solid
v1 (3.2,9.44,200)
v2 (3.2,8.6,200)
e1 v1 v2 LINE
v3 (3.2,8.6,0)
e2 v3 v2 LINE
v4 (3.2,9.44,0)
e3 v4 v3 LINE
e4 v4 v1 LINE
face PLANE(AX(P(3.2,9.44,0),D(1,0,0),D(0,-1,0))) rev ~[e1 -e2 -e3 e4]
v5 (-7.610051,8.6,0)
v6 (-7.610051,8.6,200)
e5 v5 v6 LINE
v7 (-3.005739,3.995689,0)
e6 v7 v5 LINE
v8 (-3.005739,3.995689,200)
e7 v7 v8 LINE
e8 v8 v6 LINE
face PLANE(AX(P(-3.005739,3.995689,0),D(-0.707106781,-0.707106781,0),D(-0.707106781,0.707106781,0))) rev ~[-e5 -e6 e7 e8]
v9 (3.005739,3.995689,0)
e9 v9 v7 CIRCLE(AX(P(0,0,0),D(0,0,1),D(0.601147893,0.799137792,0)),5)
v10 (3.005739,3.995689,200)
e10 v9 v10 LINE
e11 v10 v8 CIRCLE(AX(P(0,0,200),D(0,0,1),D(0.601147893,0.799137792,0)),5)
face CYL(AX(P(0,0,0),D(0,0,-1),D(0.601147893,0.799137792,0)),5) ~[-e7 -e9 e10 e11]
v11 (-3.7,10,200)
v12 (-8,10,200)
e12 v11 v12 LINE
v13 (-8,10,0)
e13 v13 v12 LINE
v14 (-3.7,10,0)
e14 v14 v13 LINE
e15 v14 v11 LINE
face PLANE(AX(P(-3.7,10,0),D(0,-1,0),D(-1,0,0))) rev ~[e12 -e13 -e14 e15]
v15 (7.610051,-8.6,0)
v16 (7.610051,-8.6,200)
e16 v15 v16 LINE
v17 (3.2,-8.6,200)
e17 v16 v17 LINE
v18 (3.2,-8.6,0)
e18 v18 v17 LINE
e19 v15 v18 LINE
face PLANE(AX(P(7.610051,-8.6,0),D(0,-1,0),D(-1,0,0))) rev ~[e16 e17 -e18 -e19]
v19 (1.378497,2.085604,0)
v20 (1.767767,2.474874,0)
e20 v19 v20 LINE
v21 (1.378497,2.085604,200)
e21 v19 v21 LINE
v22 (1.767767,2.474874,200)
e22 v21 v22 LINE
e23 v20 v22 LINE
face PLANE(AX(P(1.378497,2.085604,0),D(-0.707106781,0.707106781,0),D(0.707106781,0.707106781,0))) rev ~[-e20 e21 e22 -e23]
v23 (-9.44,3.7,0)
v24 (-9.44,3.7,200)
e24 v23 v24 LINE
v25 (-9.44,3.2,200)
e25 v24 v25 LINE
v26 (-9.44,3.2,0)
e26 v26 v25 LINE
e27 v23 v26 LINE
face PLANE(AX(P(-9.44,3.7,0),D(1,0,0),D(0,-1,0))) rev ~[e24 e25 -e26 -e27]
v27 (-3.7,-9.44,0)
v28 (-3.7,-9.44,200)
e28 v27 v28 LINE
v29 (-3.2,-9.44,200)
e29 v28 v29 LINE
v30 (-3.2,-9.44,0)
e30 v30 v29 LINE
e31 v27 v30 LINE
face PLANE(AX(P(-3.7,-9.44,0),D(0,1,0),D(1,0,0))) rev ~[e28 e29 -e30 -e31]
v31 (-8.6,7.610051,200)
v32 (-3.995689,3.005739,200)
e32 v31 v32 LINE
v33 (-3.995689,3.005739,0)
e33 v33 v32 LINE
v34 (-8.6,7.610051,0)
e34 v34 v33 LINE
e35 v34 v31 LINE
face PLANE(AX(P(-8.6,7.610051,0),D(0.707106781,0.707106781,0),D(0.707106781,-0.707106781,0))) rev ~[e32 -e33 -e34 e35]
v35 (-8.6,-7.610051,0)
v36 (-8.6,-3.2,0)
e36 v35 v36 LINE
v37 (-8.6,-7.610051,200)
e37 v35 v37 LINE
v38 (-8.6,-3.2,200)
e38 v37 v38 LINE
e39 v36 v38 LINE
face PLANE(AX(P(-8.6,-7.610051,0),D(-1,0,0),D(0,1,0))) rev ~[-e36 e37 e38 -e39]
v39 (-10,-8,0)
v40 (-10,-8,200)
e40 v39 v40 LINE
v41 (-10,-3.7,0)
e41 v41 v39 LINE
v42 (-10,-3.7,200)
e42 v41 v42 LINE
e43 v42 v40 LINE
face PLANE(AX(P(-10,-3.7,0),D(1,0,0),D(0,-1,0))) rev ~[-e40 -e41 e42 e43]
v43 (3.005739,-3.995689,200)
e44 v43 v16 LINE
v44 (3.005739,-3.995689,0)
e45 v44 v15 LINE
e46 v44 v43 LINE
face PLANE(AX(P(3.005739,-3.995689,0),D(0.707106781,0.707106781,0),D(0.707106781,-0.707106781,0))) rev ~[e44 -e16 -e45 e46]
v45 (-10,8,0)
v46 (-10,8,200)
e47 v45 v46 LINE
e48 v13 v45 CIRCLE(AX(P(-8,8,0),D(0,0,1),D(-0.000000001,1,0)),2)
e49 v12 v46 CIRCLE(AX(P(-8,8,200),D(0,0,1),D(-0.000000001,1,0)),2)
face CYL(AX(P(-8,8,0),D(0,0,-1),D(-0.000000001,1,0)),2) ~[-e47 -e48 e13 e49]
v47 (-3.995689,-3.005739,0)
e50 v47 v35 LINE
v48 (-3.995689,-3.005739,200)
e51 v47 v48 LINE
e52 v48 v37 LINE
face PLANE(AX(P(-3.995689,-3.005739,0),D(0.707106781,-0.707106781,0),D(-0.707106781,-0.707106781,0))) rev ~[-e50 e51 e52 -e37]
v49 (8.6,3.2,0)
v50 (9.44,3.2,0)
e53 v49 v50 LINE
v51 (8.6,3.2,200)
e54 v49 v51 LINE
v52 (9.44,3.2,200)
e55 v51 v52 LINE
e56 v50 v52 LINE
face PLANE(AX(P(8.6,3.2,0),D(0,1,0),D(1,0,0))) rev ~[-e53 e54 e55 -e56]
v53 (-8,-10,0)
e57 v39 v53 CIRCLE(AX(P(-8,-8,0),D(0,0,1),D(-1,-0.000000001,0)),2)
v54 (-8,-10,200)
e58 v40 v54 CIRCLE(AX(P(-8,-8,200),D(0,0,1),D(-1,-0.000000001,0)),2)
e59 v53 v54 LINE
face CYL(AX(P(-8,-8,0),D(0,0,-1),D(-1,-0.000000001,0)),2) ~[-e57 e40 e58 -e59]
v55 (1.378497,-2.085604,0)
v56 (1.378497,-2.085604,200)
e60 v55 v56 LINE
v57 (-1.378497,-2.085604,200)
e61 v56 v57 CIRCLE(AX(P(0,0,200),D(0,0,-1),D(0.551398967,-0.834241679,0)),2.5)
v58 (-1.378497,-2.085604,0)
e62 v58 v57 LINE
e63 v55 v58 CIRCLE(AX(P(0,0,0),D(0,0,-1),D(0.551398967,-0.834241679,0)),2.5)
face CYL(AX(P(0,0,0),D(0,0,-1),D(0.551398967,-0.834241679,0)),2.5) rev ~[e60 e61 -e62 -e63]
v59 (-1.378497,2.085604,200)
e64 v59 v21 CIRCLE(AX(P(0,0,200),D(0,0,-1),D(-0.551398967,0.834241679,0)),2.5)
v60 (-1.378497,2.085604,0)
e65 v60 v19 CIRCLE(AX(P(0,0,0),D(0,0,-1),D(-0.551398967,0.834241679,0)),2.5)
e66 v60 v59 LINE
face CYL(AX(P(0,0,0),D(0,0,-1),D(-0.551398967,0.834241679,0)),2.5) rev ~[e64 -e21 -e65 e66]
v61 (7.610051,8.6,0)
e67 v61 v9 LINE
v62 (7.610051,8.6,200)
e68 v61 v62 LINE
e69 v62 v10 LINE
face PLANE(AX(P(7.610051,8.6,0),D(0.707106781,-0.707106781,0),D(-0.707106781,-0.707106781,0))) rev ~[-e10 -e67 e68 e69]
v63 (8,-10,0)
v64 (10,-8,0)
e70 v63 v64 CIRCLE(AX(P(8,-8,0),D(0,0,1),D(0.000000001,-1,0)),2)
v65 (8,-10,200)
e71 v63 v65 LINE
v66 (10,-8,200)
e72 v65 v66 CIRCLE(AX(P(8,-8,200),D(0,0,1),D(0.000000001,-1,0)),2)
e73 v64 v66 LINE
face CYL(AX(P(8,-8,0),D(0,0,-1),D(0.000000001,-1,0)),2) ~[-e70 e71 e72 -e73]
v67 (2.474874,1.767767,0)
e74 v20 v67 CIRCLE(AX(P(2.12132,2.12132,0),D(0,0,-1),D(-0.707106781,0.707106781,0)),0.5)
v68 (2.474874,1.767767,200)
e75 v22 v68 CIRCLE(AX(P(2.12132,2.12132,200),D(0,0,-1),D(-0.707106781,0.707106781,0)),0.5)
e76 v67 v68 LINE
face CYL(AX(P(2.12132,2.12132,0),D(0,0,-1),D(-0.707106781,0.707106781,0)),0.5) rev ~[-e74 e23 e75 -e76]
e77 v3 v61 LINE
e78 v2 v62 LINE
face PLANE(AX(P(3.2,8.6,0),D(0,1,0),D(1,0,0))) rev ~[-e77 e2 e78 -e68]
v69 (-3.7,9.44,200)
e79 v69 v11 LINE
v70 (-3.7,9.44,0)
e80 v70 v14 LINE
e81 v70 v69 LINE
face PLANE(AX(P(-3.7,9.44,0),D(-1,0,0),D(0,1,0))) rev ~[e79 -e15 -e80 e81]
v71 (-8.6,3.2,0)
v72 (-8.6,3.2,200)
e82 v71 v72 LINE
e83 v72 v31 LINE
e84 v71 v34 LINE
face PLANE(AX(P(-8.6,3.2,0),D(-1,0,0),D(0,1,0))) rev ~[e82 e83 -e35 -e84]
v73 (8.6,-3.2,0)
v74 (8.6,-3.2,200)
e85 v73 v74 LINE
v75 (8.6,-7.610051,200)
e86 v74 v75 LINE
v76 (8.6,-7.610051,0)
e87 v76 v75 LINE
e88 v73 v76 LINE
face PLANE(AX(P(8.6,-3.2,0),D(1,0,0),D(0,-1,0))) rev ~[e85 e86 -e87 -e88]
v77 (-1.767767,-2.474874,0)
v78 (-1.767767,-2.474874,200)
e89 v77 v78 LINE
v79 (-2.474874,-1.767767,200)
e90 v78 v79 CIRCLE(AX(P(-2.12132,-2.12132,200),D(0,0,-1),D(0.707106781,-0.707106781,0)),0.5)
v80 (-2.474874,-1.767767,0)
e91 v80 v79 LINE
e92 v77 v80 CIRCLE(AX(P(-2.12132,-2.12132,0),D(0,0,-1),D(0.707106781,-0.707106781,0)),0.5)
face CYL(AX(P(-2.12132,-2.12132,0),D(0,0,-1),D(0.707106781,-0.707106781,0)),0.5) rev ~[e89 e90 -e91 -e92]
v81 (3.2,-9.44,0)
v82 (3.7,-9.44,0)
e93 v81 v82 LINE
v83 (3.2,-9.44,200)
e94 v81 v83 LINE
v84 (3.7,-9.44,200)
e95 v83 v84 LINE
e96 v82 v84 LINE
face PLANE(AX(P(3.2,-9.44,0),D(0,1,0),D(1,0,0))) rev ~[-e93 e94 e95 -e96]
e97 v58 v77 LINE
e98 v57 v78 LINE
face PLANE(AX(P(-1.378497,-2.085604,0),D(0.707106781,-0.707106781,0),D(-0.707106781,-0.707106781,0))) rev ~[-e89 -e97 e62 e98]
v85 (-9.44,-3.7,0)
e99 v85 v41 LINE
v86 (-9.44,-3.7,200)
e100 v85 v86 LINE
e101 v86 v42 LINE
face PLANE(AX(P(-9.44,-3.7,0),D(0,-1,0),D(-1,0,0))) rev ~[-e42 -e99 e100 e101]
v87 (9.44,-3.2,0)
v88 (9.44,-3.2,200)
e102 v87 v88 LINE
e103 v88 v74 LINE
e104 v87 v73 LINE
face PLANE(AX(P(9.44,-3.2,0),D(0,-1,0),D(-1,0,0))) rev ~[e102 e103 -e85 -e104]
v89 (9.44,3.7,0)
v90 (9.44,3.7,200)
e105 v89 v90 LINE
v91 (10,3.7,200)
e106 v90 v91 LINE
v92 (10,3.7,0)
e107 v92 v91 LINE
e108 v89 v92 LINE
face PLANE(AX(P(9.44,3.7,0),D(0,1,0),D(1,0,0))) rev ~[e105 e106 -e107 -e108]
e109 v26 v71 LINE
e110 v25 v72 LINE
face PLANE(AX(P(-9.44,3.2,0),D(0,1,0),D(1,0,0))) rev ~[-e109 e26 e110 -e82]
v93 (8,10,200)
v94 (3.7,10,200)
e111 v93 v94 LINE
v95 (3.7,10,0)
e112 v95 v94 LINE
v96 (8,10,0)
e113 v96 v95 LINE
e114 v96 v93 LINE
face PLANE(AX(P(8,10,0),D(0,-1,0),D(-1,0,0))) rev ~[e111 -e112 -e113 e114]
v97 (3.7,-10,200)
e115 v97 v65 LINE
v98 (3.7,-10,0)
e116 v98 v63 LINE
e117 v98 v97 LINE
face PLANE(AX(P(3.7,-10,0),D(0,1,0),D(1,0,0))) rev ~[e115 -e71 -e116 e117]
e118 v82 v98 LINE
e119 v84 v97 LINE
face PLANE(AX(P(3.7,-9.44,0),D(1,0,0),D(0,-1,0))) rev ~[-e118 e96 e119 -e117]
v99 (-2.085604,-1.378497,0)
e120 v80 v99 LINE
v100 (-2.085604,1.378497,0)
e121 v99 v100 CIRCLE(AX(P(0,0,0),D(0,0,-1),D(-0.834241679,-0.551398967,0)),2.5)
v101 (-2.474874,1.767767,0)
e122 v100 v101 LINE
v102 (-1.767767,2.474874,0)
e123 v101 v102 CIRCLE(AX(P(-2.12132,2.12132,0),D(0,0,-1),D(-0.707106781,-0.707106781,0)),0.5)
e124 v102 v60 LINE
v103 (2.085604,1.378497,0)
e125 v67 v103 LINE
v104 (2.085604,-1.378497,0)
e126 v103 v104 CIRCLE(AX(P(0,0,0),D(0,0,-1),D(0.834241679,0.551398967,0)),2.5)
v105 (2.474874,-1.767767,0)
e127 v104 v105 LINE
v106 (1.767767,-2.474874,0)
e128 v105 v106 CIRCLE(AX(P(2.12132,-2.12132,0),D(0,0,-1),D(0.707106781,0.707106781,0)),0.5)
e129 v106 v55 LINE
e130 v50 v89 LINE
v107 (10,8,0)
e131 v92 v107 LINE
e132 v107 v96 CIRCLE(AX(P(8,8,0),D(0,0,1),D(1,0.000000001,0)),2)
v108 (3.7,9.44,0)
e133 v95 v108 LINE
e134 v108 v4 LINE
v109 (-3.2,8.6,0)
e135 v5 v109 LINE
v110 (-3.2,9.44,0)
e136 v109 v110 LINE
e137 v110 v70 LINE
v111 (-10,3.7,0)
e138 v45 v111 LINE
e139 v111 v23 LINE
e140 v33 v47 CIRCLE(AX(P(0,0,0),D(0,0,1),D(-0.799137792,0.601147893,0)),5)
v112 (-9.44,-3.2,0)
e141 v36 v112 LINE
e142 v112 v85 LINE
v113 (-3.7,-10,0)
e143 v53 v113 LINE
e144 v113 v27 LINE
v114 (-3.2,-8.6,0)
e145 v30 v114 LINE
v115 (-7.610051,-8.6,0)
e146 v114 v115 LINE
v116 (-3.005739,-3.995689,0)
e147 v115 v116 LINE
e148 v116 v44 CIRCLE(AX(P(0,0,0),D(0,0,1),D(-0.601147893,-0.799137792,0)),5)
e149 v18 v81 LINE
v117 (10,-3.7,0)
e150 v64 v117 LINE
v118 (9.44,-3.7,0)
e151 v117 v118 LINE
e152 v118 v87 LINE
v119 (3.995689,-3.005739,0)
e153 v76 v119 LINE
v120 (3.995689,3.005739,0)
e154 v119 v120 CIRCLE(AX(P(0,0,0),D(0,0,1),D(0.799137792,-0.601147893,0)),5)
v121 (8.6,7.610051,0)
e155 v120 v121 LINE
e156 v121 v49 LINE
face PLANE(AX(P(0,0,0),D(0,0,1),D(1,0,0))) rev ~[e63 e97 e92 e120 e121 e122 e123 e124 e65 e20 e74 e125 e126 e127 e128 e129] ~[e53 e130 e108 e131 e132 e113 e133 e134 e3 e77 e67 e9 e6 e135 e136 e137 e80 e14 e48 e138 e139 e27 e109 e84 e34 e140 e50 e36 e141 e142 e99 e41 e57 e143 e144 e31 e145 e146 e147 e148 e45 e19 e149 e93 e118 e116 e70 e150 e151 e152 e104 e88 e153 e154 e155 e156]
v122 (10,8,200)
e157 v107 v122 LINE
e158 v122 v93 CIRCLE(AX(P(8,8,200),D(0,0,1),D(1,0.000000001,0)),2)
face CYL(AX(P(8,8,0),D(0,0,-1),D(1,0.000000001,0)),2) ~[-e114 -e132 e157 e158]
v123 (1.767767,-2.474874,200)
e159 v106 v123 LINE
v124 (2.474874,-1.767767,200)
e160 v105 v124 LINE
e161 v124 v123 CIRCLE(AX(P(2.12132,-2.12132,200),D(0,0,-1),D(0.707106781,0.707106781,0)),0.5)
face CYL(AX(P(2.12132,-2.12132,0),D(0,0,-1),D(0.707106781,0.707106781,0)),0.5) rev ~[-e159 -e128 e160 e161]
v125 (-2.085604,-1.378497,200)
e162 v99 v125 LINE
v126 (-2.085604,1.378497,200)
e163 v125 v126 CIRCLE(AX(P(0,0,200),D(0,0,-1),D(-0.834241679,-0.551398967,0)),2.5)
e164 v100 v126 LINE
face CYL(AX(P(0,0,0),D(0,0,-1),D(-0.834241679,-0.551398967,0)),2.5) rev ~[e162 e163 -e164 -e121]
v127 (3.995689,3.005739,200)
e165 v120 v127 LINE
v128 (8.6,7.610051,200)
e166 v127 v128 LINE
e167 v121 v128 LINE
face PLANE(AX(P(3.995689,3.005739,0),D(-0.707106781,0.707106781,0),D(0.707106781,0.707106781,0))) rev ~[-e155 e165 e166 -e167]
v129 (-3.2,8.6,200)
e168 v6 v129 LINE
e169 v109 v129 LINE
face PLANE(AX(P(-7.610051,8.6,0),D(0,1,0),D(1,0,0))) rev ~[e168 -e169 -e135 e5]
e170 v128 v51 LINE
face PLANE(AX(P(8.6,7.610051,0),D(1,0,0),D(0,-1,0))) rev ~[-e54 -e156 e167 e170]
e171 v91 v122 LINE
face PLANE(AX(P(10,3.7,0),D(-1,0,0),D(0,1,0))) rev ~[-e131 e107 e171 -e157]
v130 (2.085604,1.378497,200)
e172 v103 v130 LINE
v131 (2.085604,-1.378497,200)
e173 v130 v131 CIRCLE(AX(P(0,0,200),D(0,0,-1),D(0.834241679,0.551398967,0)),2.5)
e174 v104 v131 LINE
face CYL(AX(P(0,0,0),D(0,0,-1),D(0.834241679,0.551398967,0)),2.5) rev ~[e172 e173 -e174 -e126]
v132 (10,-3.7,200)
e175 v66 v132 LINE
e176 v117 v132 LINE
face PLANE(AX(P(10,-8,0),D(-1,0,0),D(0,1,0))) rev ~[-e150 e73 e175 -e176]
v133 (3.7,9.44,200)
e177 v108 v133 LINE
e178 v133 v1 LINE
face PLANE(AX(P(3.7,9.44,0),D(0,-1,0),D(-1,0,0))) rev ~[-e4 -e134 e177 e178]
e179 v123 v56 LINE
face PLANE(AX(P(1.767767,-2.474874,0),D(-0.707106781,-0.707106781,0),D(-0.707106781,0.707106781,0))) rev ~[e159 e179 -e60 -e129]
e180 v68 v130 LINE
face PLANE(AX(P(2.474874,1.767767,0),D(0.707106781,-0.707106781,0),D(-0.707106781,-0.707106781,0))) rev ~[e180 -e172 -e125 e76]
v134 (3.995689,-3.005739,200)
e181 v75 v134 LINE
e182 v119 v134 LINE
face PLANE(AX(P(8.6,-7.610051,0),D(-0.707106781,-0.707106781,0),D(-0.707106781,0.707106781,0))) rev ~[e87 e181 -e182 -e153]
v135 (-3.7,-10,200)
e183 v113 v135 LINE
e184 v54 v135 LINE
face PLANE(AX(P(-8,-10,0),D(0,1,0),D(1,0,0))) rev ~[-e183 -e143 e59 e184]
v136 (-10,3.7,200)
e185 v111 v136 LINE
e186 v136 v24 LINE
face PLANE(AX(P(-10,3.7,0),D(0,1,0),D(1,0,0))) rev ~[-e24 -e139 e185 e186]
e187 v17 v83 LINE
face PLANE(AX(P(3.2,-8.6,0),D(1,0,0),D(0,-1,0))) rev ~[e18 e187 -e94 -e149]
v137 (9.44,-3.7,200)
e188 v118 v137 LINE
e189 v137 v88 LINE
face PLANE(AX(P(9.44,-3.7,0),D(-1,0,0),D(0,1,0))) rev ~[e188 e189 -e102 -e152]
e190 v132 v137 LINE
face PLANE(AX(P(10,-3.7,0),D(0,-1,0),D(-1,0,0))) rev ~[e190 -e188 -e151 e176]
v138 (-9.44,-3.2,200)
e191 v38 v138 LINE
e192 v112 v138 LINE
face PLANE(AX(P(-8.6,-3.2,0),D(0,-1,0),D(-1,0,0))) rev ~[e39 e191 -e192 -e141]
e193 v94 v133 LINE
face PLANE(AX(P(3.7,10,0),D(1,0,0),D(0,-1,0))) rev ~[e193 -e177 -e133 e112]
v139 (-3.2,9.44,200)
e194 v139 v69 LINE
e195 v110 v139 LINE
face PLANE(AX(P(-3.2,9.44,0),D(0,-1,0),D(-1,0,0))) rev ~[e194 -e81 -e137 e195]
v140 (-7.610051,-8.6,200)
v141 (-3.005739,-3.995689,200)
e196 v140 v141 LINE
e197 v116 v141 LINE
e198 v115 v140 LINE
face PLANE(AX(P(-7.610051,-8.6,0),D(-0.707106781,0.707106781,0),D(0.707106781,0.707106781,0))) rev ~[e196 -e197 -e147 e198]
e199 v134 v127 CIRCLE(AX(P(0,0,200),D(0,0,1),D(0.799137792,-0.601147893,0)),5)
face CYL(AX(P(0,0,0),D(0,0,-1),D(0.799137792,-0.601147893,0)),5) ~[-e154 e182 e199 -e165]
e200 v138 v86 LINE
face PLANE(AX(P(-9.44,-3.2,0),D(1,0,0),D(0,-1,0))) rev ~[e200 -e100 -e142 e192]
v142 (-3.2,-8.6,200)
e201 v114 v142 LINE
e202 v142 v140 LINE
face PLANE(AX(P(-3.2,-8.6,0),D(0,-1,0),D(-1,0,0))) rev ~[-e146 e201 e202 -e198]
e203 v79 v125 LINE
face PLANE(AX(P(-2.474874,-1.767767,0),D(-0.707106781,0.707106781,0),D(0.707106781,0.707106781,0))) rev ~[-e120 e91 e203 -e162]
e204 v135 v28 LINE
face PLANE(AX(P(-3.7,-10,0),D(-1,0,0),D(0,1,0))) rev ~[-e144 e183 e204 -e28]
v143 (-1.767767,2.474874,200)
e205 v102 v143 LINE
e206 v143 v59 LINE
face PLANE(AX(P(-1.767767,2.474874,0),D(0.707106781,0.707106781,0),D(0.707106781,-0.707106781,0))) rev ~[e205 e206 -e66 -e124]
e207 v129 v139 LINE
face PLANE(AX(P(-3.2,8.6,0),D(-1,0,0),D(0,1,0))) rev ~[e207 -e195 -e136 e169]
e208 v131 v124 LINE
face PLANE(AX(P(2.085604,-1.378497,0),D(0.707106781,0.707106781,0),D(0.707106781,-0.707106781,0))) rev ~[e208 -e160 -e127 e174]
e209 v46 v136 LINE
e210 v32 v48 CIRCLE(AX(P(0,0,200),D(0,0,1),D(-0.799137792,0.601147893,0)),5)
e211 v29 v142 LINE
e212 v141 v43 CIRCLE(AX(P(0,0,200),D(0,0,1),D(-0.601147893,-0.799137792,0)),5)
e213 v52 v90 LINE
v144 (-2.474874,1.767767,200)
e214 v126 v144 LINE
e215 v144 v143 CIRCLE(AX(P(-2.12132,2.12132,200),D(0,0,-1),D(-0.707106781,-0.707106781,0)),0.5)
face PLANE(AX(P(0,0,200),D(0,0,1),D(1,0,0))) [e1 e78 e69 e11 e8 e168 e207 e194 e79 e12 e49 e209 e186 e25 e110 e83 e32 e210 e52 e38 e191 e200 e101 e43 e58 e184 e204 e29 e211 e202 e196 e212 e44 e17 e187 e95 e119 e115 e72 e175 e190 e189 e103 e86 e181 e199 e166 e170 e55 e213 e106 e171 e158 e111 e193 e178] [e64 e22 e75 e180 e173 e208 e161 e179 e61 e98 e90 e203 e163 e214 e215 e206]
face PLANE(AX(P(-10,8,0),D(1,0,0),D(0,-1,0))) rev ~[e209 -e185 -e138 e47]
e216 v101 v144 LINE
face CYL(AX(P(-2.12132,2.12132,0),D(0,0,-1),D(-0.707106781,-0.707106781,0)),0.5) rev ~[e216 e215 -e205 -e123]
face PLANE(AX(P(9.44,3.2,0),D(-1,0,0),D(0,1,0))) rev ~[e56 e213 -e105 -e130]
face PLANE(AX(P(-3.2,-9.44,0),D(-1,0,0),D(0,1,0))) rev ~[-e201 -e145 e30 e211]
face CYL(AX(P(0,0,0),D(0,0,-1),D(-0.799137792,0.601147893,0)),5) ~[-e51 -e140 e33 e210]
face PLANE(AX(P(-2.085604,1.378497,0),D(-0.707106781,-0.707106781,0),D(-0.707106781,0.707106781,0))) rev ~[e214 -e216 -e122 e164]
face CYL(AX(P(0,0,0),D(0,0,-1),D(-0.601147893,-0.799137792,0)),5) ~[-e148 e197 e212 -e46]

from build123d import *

# Parameters (mm, degrees)
Y_KSEKLIK_EKSTR_ZYON1_DEPTH = 200


with BuildPart() as part:
    # Çizim1 → Yükseklik-Ekstrüzyon1 (new body)
    with BuildSketch(Plane.XY):
        with BuildLine():
            Line((8.6, 7.610050506), (8.6, 3.2))
            Line((8.6, 3.2), (9.44, 3.2))
            Line((9.44, 3.2), (9.44, 3.7))
            Line((9.44, 3.7), (10, 3.7))
            Line((10, 3.7), (10, 8))
            ThreePointArc((10, 8), (9.414213562, 9.414213562), (8, 10))
            Line((8, 10), (3.7, 10))
            Line((3.7, 10), (3.7, 9.44))
            Line((3.7, 9.44), (3.2, 9.44))
            Line((3.2, 9.44), (3.2, 8.6))
            Line((3.2, 8.6), (7.610050506, 8.6))
            Line((7.610050506, 8.6), (3.005739466, 3.99568896))
            ThreePointArc((3.005739466, 3.99568896), (0, 5), (-3.005739466, 3.99568896))
            Line((-3.005739466, 3.99568896), (-7.610050506, 8.6))
            Line((-7.610050506, 8.6), (-3.2, 8.6))
            Line((-3.2, 8.6), (-3.2, 9.44))
            Line((-3.2, 9.44), (-3.7, 9.44))
            Line((-3.7, 9.44), (-3.7, 10))
            Line((-3.7, 10), (-8, 10))
            ThreePointArc((-8, 10), (-9.414213562, 9.414213562), (-10, 8))
            Line((-10, 8), (-10, 3.7))
            Line((-10, 3.7), (-9.44, 3.7))
            Line((-9.44, 3.7), (-9.44, 3.2))
            Line((-9.44, 3.2), (-8.6, 3.2))
            Line((-8.6, 3.2), (-8.6, 7.610050506))
            Line((-8.6, 7.610050506), (-3.99568896, 3.005739466))
            ThreePointArc((-3.99568896, 3.005739466), (-5, 0), (-3.99568896, -3.005739466))
            Line((-3.99568896, -3.005739466), (-8.6, -7.610050506))
            Line((-8.6, -7.610050506), (-8.6, -3.2))
            Line((-8.6, -3.2), (-9.44, -3.2))
            Line((-9.44, -3.2), (-9.44, -3.7))
            Line((-9.44, -3.7), (-10, -3.7))
            Line((-10, -3.7), (-10, -8))
            ThreePointArc((-10, -8), (-9.414213562, -9.414213562), (-8, -10))
            Line((-8, -10), (-3.7, -10))
            Line((-3.7, -10), (-3.7, -9.44))
            Line((-3.7, -9.44), (-3.2, -9.44))
            Line((-3.2, -9.44), (-3.2, -8.6))
            Line((-3.2, -8.6), (-7.610050506, -8.6))
            Line((-7.610050506, -8.6), (-3.005739466, -3.99568896))
            ThreePointArc((-3.005739466, -3.99568896), (0, -5), (3.005739466, -3.99568896))
            Line((3.005739466, -3.99568896), (7.610050506, -8.6))
            Line((7.610050506, -8.6), (3.2, -8.6))
            Line((3.2, -8.6), (3.2, -9.44))
            Line((3.2, -9.44), (3.7, -9.44))
            Line((3.7, -9.44), (3.7, -10))
            Line((3.7, -10), (8, -10))
            ThreePointArc((8, -10), (9.414213562, -9.414213562), (10, -8))
            Line((10, -8), (10, -3.7))
            Line((10, -3.7), (9.44, -3.7))
            Line((9.44, -3.7), (9.44, -3.2))
            Line((9.44, -3.2), (8.6, -3.2))
            Line((8.6, -3.2), (8.6, -7.610050506))
            Line((8.6, -7.610050506), (3.99568896, -3.005739466))
            ThreePointArc((3.99568896, -3.005739466), (5, 0), (3.99568896, 3.005739466))
            Line((3.99568896, 3.005739466), (8.6, 7.610050506))
        make_face()
        with BuildLine():
            Line((2.474873734, 1.767766953), (2.085604198, 1.378497417))
            ThreePointArc((2.085604198, 1.378497417), (2.5, 0), (2.085604198, -1.378497417))
            Line((2.085604198, -1.378497417), (2.474873734, -1.767766953))
            ThreePointArc((2.474873734, -1.767766953), (2.474873734, -2.474873734), (1.767766953, -2.474873734))
            Line((1.767766953, -2.474873734), (1.378497417, -2.085604198))
            ThreePointArc((1.378497417, -2.085604198), (0, -2.5), (-1.378497417, -2.085604198))
            Line((-1.378497417, -2.085604198), (-1.767766953, -2.474873734))
            ThreePointArc((-1.767766953, -2.474873734), (-2.474873734, -2.474873734), (-2.474873734, -1.767766953))
            Line((-2.474873734, -1.767766953), (-2.085604198, -1.378497417))
            ThreePointArc((-2.085604198, -1.378497417), (-2.5, 0), (-2.085604198, 1.378497417))
            Line((-2.085604198, 1.378497417), (-2.474873734, 1.767766953))
            ThreePointArc((-2.474873734, 1.767766953), (-2.474873734, 2.474873734), (-1.767766953, 2.474873734))
            Line((-1.767766953, 2.474873734), (-1.378497417, 2.085604198))
            ThreePointArc((-1.378497417, 2.085604198), (0, 2.5), (1.378497417, 2.085604198))
            Line((1.378497417, 2.085604198), (1.767766953, 2.474873734))
            ThreePointArc((1.767766953, 2.474873734), (2.474873734, 2.474873734), (2.474873734, 1.767766953))
        make_face(mode=Mode.SUBTRACT)
    extrude(amount=Y_KSEKLIK_EKSTR_ZYON1_DEPTH)


solid = part.part
